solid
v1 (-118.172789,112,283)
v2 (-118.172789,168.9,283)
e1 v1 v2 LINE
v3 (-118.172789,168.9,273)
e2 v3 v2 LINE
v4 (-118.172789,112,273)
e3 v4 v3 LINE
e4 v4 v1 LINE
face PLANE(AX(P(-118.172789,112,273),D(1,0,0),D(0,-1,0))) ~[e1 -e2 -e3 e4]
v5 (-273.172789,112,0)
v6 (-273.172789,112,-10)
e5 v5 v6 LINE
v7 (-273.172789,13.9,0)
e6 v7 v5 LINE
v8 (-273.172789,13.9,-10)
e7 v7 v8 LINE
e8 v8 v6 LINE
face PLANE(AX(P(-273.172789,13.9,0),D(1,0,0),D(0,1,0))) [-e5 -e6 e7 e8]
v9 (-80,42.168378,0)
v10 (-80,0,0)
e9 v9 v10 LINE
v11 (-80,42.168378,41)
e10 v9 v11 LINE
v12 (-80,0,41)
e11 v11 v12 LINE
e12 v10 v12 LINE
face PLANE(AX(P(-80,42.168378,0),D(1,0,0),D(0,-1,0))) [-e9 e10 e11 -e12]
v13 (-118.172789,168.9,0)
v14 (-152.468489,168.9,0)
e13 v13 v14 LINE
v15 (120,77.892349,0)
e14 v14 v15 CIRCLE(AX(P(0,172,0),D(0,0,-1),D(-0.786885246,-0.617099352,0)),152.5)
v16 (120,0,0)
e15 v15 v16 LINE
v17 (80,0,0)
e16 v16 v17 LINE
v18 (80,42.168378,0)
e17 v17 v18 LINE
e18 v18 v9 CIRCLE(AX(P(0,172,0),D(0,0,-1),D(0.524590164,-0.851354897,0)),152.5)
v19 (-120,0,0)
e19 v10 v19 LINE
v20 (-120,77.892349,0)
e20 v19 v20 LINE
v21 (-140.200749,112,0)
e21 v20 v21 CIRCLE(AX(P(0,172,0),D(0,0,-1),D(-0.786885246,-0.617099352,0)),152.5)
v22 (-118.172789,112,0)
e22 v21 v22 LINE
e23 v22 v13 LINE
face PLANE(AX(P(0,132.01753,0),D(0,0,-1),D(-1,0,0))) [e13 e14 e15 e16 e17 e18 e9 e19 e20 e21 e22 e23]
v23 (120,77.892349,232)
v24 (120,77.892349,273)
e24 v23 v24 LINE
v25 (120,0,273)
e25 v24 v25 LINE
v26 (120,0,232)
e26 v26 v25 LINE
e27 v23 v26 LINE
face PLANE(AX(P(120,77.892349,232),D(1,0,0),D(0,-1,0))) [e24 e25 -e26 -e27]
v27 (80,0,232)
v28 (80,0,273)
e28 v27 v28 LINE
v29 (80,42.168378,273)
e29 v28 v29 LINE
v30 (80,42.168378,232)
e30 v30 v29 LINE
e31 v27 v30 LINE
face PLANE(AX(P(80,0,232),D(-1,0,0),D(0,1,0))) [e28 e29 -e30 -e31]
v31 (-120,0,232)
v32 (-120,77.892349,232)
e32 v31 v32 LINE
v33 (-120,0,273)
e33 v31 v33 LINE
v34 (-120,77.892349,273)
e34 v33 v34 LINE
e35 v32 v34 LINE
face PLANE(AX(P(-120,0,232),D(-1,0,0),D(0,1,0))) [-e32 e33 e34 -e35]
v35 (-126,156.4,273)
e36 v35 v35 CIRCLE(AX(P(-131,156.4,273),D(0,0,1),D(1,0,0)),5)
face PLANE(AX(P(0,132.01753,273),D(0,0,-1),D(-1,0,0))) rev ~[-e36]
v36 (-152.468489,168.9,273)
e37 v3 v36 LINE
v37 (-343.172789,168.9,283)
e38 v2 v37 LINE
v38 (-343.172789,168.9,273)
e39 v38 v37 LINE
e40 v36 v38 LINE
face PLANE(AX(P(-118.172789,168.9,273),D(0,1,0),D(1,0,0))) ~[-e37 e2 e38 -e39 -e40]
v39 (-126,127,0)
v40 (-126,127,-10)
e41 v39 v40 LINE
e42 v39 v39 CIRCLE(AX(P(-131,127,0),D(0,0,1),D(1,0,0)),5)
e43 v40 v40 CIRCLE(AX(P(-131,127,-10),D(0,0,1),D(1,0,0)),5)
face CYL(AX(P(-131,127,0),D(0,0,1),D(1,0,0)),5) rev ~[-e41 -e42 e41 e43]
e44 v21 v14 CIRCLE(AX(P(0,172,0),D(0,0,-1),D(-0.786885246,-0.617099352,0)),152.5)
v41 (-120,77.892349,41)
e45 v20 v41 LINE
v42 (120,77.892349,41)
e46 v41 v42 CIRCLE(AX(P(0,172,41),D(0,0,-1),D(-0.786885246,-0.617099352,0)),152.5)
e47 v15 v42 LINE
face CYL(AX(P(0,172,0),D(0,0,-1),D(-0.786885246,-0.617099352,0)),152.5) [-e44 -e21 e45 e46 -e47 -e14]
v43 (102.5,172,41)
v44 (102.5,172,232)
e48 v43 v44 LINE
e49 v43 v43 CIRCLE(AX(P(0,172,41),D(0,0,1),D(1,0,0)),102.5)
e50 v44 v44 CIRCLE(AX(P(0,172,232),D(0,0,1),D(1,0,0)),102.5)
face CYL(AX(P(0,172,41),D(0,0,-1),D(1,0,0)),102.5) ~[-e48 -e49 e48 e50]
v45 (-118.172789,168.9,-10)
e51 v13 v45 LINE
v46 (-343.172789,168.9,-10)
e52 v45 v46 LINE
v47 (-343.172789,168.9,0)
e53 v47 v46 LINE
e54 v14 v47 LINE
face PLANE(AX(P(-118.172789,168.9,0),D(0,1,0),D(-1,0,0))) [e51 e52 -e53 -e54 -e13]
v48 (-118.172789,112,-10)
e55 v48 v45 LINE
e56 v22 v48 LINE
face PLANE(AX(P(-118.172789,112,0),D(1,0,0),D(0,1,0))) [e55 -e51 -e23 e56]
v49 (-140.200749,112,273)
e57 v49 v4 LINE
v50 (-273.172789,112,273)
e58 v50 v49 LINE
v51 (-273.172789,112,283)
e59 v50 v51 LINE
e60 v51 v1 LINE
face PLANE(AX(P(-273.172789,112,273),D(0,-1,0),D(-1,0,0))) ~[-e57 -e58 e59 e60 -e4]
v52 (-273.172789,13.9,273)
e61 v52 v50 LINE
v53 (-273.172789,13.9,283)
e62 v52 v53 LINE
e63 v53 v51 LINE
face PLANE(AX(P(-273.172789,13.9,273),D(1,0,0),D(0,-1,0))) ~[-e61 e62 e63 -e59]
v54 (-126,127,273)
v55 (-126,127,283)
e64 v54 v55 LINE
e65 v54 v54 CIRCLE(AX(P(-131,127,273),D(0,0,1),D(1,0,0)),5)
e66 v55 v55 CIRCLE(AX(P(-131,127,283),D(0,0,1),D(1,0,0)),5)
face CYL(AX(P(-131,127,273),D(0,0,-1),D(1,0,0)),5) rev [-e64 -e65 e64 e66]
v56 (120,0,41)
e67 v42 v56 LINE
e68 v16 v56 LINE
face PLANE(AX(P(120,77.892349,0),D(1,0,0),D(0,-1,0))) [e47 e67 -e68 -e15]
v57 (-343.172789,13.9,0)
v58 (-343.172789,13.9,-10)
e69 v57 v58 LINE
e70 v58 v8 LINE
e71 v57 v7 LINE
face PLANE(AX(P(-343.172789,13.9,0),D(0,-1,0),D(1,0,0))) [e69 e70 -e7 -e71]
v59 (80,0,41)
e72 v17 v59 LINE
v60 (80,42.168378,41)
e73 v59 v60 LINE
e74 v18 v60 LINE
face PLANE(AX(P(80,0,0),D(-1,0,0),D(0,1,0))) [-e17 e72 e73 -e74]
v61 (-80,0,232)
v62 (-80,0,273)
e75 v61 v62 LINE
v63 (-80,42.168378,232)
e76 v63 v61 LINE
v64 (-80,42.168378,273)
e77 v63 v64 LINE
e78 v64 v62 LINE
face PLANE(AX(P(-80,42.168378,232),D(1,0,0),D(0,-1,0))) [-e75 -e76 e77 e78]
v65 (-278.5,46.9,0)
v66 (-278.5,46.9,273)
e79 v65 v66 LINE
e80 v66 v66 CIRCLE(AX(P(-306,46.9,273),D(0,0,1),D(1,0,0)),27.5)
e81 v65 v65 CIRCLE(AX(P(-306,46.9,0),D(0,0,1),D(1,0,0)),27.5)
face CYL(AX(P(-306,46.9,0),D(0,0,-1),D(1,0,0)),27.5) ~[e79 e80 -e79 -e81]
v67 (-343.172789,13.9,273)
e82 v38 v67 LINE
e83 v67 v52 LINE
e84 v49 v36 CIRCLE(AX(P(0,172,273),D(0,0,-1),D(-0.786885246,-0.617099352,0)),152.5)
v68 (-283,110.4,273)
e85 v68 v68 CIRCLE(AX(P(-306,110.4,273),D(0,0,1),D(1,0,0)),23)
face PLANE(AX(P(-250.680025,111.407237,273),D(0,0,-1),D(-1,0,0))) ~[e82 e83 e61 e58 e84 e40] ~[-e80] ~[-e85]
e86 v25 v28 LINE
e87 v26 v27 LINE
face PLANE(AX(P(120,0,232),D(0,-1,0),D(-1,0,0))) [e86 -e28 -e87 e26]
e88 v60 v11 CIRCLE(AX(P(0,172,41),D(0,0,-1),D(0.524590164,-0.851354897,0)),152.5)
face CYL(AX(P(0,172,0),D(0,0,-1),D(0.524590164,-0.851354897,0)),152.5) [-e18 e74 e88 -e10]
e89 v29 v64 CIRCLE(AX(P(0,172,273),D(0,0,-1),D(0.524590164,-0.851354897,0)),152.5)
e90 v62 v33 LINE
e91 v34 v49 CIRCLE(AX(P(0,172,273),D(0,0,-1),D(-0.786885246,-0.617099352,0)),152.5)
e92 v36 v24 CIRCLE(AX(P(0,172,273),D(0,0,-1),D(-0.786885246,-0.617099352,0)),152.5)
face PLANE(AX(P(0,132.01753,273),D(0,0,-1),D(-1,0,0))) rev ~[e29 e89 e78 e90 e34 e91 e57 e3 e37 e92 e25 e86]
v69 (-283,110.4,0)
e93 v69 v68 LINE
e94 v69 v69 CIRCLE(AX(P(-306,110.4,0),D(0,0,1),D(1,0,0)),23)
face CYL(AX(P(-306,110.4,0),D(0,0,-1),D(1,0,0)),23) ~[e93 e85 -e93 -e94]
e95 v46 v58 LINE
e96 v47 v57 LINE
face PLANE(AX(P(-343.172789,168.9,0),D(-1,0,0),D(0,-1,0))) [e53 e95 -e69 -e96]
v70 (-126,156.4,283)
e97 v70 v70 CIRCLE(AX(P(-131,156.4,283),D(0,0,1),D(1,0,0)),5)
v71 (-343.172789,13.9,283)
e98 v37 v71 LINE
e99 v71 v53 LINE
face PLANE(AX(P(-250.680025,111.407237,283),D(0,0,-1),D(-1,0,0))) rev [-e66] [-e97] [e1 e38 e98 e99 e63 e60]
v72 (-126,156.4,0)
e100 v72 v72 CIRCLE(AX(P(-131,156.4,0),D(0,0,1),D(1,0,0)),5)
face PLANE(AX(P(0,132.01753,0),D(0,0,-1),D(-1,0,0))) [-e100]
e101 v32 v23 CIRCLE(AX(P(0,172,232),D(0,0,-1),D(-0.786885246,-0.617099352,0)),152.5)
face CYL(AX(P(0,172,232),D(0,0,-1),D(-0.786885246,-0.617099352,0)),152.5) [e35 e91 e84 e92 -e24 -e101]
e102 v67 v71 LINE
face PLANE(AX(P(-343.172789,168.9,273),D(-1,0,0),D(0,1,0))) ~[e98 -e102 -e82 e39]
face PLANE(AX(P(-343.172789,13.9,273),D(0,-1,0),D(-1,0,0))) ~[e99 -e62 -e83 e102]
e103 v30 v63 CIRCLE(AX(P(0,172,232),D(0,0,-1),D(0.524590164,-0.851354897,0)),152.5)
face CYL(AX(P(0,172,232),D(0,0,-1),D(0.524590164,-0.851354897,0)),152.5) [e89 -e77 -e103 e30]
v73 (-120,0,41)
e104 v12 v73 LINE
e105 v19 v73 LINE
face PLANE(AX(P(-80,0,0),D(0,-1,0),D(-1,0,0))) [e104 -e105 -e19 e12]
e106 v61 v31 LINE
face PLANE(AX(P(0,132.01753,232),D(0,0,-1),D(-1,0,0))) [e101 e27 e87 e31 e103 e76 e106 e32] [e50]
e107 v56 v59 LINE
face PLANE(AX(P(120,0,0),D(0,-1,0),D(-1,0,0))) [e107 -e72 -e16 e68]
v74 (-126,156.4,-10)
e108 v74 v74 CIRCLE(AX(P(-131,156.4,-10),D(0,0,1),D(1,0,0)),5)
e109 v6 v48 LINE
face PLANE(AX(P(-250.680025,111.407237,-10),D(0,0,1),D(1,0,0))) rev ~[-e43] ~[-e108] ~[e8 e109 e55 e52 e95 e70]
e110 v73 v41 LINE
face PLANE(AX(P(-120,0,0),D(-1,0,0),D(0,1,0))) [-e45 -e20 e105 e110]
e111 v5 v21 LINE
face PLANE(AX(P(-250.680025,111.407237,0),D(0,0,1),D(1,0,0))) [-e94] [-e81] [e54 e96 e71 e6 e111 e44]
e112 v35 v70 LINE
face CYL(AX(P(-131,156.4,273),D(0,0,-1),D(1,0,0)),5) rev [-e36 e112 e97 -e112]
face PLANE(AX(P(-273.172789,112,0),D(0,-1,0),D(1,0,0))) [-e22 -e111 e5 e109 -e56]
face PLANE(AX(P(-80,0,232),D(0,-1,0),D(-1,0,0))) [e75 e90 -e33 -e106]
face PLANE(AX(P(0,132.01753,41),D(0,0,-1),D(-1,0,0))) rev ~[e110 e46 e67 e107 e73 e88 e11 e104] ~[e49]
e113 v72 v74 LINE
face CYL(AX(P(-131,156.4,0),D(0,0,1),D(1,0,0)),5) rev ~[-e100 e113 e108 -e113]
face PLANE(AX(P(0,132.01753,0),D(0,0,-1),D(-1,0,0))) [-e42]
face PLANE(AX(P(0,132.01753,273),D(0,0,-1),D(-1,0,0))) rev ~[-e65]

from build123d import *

# Parameters (mm, degrees)
SKETCH1_R           = 102.5
BOSS_EXTRUDE1_DEPTH = 41
BOSS_EXTRUDE2_START = 41
SKETCH1_3_R         = 102.5
BOSS_EXTRUDE2_DEPTH = 191
BOSS_EXTRUDE3_START = 232
SKETCH1_4_R         = 102.5
BOSS_EXTRUDE3_DEPTH = 41
SKETCH3_R           = 27.5
SKETCH3_R_2         = 23
SKETCH3_R_3         = 5
BOSS_EXTRUDE4_DEPTH = 10
SKETCH3_3_R         = 23
SKETCH3_3_R_2       = 27.5
BOSS_EXTRUDE5_DEPTH = 273


with BuildPart() as part:
    # Sketch1 → Boss-Extrude1 (new body)
    with BuildSketch(Plane.XY):
        with BuildLine():
            Line((120, 77.892348876), (120, 0))
            Line((120, 0), (80, 0))
            Line((80, 0), (80, 42.168378274))
            ThreePointArc((80, 42.168378274), (0, 19.5), (-80, 42.168378274))
            Line((-80, 42.168378274), (-80, 0))
            Line((-80, 0), (-120, 0))
            Line((-120, 0), (-120, 77.892348876))
            ThreePointArc((-120, 77.892348876), (0, 324.5), (120, 77.892348876))
        make_face()
        with Locations((0, 172)):
            Circle(SKETCH1_R, mode=Mode.SUBTRACT)
        with Locations((0, 172)):
            Circle(SKETCH1_R)
    extrude(amount=BOSS_EXTRUDE1_DEPTH)

    # Sketch1<3> → Boss-Extrude2 (add)
    with BuildSketch(Plane.XY.offset(BOSS_EXTRUDE2_START)):
        with Locations((0, 172)):
            Circle(SKETCH1_3_R)
    extrude(amount=BOSS_EXTRUDE2_DEPTH)

    # Sketch1<4> → Boss-Extrude3 (add)
    with BuildSketch(Plane.XY.offset(BOSS_EXTRUDE3_START)):
        with BuildLine():
            Line((120, 77.892348876), (120, 0))
            Line((120, 0), (80, 0))
            Line((80, 0), (80, 42.168378274))
            ThreePointArc((80, 42.168378274), (0, 19.5), (-80, 42.168378274))
            Line((-80, 42.168378274), (-80, 0))
            Line((-80, 0), (-120, 0))
            Line((-120, 0), (-120, 77.892348876))
            ThreePointArc((-120, 77.892348876), (0, 324.5), (120, 77.892348876))
        make_face()
        with Locations((0, 172)):
            Circle(SKETCH1_4_R, mode=Mode.SUBTRACT)
        with Locations((0, 172)):
            Circle(SKETCH1_4_R)
    extrude(amount=BOSS_EXTRUDE3_DEPTH)

    # Sketch3 → Boss-Extrude4 (add)
    with BuildSketch(Plane.XY):
        Polygon((-273.172788599, 112), (-118.172788599, 112), (-118.172788599, 168.9), (-273.172788599, 168.9), (-343.172788599, 168.9), (-343.172788599, 13.9), (-273.172788599, 13.9), align=None)
        with Locations((-306, 46.9)):
            Circle(SKETCH3_R, mode=Mode.SUBTRACT)
        with Locations((-306, 110.4)):
            Circle(SKETCH3_R_2, mode=Mode.SUBTRACT)
        with Locations((-131, 127)):
            Circle(SKETCH3_R_3, mode=Mode.SUBTRACT)
        with Locations((-131, 156.4)):
            Circle(SKETCH3_R_3, mode=Mode.SUBTRACT)
        with Locations((-306, 46.9)):
            Circle(SKETCH3_R)
        with Locations((-306, 110.4)):
            Circle(SKETCH3_R_2)
    boss_extrude4 = extrude(amount=-BOSS_EXTRUDE4_DEPTH)

    # Mirror1: Boss-Extrude4 across plane
    add(boss_extrude4.mirror(Plane(origin=(0, 0, 136.5), x_dir=(1, 0, 0), z_dir=(0, 0, -1))))

    # Sketch3<3> → Boss-Extrude5 (add)
    with BuildSketch(Plane.XY):
        with Locations((-306, 110.4)):
            Circle(SKETCH3_3_R)
        with Locations((-306, 46.9)):
            Circle(SKETCH3_3_R_2)
    extrude(amount=BOSS_EXTRUDE5_DEPTH)


solid = part.part
